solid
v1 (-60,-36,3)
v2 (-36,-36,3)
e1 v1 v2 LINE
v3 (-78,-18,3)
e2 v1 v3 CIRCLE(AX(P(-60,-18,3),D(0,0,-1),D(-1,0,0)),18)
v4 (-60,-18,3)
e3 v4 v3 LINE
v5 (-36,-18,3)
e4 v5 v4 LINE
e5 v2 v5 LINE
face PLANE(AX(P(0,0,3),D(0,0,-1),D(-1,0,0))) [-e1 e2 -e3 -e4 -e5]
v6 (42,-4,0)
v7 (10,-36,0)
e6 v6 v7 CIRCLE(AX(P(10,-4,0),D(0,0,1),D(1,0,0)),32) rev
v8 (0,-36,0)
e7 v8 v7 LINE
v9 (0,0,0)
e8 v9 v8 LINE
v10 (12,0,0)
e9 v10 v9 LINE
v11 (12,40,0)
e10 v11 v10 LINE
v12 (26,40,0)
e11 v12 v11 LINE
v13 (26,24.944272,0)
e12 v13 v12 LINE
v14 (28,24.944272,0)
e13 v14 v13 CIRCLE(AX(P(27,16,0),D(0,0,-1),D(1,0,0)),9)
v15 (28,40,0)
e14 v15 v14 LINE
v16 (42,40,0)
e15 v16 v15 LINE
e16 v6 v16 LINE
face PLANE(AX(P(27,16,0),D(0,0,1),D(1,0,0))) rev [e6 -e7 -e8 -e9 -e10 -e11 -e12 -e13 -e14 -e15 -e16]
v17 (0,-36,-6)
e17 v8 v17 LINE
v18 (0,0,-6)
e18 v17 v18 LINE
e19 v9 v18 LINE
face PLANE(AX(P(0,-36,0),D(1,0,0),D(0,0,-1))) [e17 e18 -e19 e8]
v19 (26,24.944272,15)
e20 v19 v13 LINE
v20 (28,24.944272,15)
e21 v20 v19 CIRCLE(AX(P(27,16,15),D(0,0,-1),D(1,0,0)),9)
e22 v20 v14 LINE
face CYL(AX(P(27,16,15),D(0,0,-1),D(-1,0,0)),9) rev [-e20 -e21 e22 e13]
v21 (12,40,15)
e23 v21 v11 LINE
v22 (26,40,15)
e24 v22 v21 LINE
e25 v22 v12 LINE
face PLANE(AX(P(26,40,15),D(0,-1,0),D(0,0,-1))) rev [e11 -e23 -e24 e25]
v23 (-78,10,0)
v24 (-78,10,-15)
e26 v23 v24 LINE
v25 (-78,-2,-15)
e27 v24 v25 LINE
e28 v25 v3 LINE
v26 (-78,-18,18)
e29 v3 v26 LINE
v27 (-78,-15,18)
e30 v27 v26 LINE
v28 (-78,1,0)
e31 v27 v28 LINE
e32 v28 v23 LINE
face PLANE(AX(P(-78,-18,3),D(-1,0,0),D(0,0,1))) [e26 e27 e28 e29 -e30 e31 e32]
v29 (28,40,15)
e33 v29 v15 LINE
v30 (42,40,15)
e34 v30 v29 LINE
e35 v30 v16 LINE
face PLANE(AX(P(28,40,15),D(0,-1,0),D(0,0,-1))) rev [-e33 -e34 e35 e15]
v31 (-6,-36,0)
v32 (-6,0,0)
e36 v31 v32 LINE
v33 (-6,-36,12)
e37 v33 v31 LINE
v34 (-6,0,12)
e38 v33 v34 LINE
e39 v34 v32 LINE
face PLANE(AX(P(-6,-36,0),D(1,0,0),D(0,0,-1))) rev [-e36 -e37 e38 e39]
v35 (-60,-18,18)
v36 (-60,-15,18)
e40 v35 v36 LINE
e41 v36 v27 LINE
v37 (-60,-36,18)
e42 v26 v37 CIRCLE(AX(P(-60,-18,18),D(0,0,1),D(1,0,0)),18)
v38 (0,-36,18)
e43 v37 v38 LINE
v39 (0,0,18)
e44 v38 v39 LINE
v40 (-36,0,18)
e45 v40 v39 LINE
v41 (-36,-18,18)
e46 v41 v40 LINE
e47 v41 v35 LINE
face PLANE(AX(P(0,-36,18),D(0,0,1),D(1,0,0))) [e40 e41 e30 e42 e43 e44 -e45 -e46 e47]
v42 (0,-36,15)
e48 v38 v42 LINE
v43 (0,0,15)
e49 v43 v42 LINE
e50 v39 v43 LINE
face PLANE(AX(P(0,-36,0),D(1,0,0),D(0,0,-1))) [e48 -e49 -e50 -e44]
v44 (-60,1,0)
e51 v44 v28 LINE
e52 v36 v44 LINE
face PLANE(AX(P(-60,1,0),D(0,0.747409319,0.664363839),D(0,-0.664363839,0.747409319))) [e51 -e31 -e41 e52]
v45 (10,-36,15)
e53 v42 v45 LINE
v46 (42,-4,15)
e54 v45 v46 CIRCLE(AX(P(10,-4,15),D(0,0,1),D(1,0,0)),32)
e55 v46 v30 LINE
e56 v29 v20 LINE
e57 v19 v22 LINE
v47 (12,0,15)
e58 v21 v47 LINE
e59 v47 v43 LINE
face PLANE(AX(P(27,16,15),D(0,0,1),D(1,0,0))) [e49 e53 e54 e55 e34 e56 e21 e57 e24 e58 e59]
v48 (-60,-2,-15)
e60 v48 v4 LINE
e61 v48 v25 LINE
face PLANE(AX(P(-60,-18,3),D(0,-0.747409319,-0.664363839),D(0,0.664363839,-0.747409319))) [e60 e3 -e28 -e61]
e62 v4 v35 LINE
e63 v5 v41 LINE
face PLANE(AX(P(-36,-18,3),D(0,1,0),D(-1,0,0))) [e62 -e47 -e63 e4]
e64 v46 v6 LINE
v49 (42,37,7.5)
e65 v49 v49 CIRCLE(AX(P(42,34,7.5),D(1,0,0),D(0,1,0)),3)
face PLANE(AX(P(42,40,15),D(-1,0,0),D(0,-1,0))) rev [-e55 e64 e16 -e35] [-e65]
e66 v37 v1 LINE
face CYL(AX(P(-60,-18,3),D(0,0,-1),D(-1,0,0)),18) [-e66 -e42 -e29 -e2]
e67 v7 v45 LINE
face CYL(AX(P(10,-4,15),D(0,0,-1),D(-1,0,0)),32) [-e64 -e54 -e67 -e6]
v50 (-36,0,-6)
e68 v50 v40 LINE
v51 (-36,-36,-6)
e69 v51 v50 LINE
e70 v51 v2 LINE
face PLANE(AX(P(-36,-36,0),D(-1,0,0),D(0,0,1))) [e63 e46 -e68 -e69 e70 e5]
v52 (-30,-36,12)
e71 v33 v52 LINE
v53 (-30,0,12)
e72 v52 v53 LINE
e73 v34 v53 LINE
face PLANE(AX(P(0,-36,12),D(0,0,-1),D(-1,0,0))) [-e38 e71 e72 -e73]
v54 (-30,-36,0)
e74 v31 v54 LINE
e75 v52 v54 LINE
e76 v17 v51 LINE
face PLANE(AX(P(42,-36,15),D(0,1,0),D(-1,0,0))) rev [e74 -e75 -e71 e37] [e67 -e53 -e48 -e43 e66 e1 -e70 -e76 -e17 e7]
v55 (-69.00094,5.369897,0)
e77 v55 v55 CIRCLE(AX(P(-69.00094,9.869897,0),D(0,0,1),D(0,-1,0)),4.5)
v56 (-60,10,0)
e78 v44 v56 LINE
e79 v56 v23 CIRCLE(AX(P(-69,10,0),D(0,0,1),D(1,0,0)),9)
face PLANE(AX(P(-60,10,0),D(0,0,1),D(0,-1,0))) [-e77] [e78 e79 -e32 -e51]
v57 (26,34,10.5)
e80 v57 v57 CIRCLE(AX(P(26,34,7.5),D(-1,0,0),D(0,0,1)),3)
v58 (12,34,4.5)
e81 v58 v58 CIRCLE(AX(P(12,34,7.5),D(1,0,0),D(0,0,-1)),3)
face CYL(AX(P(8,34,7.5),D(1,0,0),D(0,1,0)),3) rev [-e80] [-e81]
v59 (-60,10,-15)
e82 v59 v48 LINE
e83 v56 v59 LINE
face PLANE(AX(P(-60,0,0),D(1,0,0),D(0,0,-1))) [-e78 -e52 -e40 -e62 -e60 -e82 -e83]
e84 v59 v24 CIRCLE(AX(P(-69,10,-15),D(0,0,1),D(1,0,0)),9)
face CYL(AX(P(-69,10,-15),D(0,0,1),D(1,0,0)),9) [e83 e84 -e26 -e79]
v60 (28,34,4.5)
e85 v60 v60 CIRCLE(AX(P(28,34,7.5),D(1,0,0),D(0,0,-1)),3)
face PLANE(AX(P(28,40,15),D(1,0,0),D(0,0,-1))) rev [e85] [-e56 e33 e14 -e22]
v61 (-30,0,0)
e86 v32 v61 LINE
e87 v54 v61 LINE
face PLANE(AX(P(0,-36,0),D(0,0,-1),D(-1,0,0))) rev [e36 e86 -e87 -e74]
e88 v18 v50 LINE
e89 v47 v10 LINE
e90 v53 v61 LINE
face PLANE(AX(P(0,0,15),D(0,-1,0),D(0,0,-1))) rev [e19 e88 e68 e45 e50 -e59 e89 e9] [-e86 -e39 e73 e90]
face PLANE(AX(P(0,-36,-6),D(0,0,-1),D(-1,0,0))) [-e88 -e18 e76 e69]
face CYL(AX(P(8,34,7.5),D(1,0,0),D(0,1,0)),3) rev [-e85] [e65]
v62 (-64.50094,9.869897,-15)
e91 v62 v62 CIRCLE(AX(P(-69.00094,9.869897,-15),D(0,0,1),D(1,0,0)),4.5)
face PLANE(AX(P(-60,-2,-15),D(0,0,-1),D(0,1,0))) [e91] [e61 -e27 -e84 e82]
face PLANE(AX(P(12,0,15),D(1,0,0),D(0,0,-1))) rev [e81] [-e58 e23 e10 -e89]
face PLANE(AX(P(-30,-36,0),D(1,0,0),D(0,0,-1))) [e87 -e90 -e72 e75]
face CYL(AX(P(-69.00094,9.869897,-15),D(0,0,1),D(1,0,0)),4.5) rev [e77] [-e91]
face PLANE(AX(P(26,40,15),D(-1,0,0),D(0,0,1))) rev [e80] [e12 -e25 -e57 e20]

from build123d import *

# Parameters (mm, degrees)
BOSS_EXTRUDE1_DEPTH     = 15
SKETCH2_W               = 24
SKETCH2_H               = 12
BOSS_EXTRUDE2_DEPTH     = 36
SKETCH3_W               = 42
SKETCH3_H               = 18
BOSS_EXTRUDE3_DEPTH     = 15
SKETCH4_R               = 3
CUT_EXTRUDE1_DEPTH      = 34
BOSS_EXTRUDE5_DEPTH     = 18
SKETCH7_R               = 9
BOSS_EXTRUDE8_DEPTH     = 15
CUT_EXTRUDE2_DEPTH      = 90.487429285
CUT_EXTRUDE2_DEPTH_BACK = 90.487429285
SKETCH8_R               = 4.5
FILLET1_R               = 18
FILLET2_R               = 32


with BuildPart() as part:
    # Sketch1 → Boss-Extrude1 (new body)
    with BuildSketch(Plane.XY):
        with BuildLine():
            Line((0, 0), (12, 0))
            Line((12, 0), (12, 40))
            Line((12, 40), (26, 40))
            Line((26, 40), (26, 24.94427191))
            ThreePointArc((26, 24.94427191), (27, 7), (28, 24.94427191))
            Line((28, 24.94427191), (28, 40))
            Line((28, 40), (42, 40))
            Line((42, 40), (42, -36))
            Line((42, -36), (0, -36))
            Line((0, -36), (0, 0))
        make_face()
    extrude(amount=BOSS_EXTRUDE1_DEPTH)

    # Sketch2 → Boss-Extrude2 (add)
    with BuildSketch(Plane(origin=(0, 0, 0), x_dir=(1, 0, 0), z_dir=(0, 1, 0))):
        Polygon((-36, -18), (0, -18), (0, -15), (0, 0), (0, 6), (-36, 6), align=None)
        with Locations((-18, -6)):
            Rectangle(SKETCH2_W, SKETCH2_H, mode=Mode.SUBTRACT)
    extrude(amount=-BOSS_EXTRUDE2_DEPTH)

    # Sketch3 → Boss-Extrude3 (add)
    with BuildSketch(Plane.XY.offset(18)):
        with Locations((-57, -27)):
            Rectangle(SKETCH3_W, SKETCH3_H)
    extrude(amount=-BOSS_EXTRUDE3_DEPTH)

    # Sketch4 → Cut-Extrude1 (cut)
    with BuildSketch(Plane(origin=(42, 0, 0), x_dir=(0, 0, -1), z_dir=(1, 0, 0))):
        with Locations((-7.5, 34)):
            Circle(SKETCH4_R)
    extrude(amount=-CUT_EXTRUDE1_DEPTH, mode=Mode.SUBTRACT)

    # Sketch6 → Boss-Extrude5 (add)
    with BuildSketch(Plane.ZY.offset(78)):
        Polygon((3, -18), (-15, -2), (-15, 10), (0, 10), (0, 1), (18, -15), (18, -18), align=None)
    extrude(amount=-BOSS_EXTRUDE5_DEPTH)

    # Sketch7 → Boss-Extrude8 (add)
    with BuildSketch(Plane.XY):
        with Locations((-69, 10)):
            Circle(SKETCH7_R)
    extrude(amount=-BOSS_EXTRUDE8_DEPTH)

    # Sketch8 → Cut-Extrude2 (cut, two sides: drawn at the far end of the back side and taken through both)
    with BuildSketch(Plane.XY.offset(-CUT_EXTRUDE2_DEPTH_BACK)):
        with Locations((-69.000940425, 9.869897064)):
            Circle(SKETCH8_R)
    extrude(amount=CUT_EXTRUDE2_DEPTH + CUT_EXTRUDE2_DEPTH_BACK, mode=Mode.SUBTRACT)

    # Fillet1
    fillet1_edges = [part.edges().sort_by_distance(p)[0] for p in [
        (-78, -36, 10.5),
    ]]
    fillet(fillet1_edges, radius=FILLET1_R)

    # Fillet2
    fillet2_edges = [part.edges().sort_by_distance(p)[0] for p in [
        (42, -36, 7.5),
    ]]
    fillet(fillet2_edges, radius=FILLET2_R)


solid = part.part
